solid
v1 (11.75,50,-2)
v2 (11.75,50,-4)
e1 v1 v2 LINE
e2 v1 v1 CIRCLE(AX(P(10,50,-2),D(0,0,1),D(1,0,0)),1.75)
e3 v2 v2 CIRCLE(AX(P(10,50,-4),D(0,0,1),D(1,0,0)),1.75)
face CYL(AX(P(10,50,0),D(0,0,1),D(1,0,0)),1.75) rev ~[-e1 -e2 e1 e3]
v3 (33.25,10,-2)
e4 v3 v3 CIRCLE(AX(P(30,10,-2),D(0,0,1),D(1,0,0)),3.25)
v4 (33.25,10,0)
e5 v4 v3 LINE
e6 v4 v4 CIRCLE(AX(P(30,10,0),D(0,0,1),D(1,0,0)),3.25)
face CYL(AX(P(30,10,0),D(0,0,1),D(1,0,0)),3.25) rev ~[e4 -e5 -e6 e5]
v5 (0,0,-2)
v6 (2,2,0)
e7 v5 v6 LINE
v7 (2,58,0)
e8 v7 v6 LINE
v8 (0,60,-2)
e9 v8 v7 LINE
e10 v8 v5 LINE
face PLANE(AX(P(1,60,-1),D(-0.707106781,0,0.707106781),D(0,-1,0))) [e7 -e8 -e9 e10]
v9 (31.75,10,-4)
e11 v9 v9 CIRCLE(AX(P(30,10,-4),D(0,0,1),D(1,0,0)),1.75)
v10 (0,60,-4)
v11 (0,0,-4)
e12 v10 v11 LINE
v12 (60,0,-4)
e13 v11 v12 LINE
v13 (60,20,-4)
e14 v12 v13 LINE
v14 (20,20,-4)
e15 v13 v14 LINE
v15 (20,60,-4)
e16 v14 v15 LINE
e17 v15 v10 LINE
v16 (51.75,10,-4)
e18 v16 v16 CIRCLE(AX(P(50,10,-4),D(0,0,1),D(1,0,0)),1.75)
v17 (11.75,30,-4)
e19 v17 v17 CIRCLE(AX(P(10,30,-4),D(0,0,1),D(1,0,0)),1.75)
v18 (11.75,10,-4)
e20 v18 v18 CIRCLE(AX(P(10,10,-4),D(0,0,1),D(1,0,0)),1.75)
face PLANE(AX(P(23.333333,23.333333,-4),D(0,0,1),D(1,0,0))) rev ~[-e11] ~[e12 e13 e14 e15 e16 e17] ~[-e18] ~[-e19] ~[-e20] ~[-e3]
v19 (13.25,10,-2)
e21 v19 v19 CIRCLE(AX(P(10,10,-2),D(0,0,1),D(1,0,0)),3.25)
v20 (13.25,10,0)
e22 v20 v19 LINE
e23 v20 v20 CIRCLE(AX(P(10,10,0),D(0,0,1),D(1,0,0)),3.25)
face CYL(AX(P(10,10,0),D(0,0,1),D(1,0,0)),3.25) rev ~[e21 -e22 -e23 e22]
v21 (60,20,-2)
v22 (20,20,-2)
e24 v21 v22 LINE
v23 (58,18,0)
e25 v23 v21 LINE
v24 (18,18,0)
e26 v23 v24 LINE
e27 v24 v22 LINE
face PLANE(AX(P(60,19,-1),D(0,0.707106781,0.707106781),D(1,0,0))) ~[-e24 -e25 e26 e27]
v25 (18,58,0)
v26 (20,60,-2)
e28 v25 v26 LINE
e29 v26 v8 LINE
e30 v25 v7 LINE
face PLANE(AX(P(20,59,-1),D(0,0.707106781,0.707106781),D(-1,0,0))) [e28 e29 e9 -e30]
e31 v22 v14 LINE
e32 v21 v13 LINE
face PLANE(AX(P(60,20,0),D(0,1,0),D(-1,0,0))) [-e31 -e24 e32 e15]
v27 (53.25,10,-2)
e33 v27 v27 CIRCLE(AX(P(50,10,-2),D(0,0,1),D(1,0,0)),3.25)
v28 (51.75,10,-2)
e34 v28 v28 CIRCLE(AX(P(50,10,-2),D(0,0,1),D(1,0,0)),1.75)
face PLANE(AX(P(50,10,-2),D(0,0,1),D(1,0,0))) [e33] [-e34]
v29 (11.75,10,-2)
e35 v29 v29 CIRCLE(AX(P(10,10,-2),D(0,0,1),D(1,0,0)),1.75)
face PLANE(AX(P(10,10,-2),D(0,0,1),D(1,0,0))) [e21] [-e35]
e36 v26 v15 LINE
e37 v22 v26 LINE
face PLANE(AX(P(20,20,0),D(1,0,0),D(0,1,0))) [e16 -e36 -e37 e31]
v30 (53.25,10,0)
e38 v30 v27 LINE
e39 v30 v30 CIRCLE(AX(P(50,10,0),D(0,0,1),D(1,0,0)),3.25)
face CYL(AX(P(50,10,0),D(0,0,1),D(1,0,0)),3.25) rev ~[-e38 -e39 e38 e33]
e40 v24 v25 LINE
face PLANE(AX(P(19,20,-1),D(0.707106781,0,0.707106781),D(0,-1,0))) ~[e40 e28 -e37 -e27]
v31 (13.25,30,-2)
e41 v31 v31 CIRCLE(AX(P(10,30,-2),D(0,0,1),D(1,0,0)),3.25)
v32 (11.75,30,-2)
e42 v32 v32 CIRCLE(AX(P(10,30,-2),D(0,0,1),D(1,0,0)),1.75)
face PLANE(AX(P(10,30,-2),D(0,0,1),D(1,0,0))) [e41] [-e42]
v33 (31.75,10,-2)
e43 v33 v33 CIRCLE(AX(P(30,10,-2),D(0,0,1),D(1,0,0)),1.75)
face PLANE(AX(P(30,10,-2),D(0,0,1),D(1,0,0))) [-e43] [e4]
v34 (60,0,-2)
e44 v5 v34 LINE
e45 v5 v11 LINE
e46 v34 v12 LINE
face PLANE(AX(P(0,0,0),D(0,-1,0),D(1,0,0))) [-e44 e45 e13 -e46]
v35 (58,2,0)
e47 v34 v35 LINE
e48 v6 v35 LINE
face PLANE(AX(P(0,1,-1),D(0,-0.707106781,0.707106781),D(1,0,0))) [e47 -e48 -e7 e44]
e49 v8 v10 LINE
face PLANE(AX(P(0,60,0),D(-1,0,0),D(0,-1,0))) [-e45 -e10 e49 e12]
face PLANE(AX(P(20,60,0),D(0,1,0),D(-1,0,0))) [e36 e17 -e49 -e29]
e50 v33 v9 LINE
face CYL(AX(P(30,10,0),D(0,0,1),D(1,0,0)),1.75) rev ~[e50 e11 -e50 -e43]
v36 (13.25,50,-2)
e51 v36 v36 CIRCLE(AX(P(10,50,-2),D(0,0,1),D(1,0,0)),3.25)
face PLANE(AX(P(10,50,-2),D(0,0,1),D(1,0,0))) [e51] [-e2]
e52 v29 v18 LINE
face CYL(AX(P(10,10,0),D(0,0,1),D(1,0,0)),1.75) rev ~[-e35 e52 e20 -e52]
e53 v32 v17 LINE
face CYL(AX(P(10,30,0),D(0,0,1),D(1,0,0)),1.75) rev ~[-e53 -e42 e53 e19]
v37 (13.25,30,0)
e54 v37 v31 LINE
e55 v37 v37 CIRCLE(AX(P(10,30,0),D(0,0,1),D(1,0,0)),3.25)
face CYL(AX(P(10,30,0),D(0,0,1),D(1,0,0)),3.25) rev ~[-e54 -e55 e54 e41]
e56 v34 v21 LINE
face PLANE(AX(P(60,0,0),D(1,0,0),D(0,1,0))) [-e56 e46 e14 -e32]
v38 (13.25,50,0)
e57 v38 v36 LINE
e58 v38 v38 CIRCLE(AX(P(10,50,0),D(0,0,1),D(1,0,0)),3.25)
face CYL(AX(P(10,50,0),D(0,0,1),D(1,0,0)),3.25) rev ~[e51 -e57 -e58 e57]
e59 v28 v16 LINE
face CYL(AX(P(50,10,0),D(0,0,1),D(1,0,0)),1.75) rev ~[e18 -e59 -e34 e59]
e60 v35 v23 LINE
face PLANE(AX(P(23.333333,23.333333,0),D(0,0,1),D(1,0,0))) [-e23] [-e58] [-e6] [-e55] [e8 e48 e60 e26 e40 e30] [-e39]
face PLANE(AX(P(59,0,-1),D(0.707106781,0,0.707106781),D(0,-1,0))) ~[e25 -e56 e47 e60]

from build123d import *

# Parameters (mm, degrees)
F2_R     = 3.25
F2_R_2   = 1.75
F3_DEPTH = 4
F4_DEPTH = 4.001
F5_DEPTH = 2
F6_SIZE  = 2


with BuildPart() as f3:
    # F2 (on Top) → F3 (new body)
    with BuildSketch(Plane.XY):
        Polygon((0, 60), (0, 0), (60, 0), (60, 20), (20, 20), (20, 60), align=None)
        with Locations((10, 10)):
            Circle(F2_R, mode=Mode.SUBTRACT)
        with Locations((30, 10)):
            Circle(F2_R, mode=Mode.SUBTRACT)
        with Locations((50, 10)):
            Circle(F2_R, mode=Mode.SUBTRACT)
        with Locations((10, 30)):
            Circle(F2_R, mode=Mode.SUBTRACT)
        with Locations((10, 50)):
            Circle(F2_R, mode=Mode.SUBTRACT)
        with Locations((10, 50)):
            Circle(F2_R)
        with Locations((10, 50)):
            Circle(F2_R_2, mode=Mode.SUBTRACT)
        with Locations((10, 30)):
            Circle(F2_R)
        with Locations((10, 30)):
            Circle(F2_R_2, mode=Mode.SUBTRACT)
        with Locations((10, 10)):
            Circle(F2_R)
        with Locations((10, 10)):
            Circle(F2_R_2, mode=Mode.SUBTRACT)
        with Locations((30, 10)):
            Circle(F2_R)
        with Locations((30, 10)):
            Circle(F2_R_2, mode=Mode.SUBTRACT)
        with Locations((50, 10)):
            Circle(F2_R)
        with Locations((50, 10)):
            Circle(F2_R_2, mode=Mode.SUBTRACT)
        with Locations((10, 50)):
            Circle(F2_R_2)
        with Locations((10, 30)):
            Circle(F2_R_2)
        with Locations((10, 10)):
            Circle(F2_R_2)
        with Locations((30, 10)):
            Circle(F2_R_2)
        with Locations((50, 10)):
            Circle(F2_R_2)
    extrude(amount=-F3_DEPTH)

    # F2 (on Top) → F4 (cut, through all)
    with BuildSketch(Plane.XY):
        with Locations((10, 50)):
            Circle(F2_R_2)
        with Locations((10, 30)):
            Circle(F2_R_2)
        with Locations((10, 10)):
            Circle(F2_R_2)
        with Locations((30, 10)):
            Circle(F2_R_2)
        with Locations((50, 10)):
            Circle(F2_R_2)
    extrude(amount=-F4_DEPTH, mode=Mode.SUBTRACT)

    # F2 (on Top) → F5 (cut)
    with BuildSketch(Plane.XY):
        with Locations((10, 50)):
            Circle(F2_R)
        with Locations((10, 50)):
            Circle(F2_R_2, mode=Mode.SUBTRACT)
        with Locations((10, 30)):
            Circle(F2_R)
        with Locations((10, 30)):
            Circle(F2_R_2, mode=Mode.SUBTRACT)
        with Locations((10, 10)):
            Circle(F2_R)
        with Locations((10, 10)):
            Circle(F2_R_2, mode=Mode.SUBTRACT)
        with Locations((30, 10)):
            Circle(F2_R)
        with Locations((30, 10)):
            Circle(F2_R_2, mode=Mode.SUBTRACT)
        with Locations((50, 10)):
            Circle(F2_R)
        with Locations((50, 10)):
            Circle(F2_R_2, mode=Mode.SUBTRACT)
    extrude(amount=-F5_DEPTH, mode=Mode.SUBTRACT)

    # F6
    f6_edges = [f3.edges().sort_by_distance(p)[0] for p in [
        (40, 20, 0),
        (20, 40, 0),
        (10, 60, 0),
        (0, 30, 0),
        (30, 0, 0),
        (60, 10, 0),
    ]]
    chamfer(f6_edges, length=F6_SIZE)


solid = f3.part
